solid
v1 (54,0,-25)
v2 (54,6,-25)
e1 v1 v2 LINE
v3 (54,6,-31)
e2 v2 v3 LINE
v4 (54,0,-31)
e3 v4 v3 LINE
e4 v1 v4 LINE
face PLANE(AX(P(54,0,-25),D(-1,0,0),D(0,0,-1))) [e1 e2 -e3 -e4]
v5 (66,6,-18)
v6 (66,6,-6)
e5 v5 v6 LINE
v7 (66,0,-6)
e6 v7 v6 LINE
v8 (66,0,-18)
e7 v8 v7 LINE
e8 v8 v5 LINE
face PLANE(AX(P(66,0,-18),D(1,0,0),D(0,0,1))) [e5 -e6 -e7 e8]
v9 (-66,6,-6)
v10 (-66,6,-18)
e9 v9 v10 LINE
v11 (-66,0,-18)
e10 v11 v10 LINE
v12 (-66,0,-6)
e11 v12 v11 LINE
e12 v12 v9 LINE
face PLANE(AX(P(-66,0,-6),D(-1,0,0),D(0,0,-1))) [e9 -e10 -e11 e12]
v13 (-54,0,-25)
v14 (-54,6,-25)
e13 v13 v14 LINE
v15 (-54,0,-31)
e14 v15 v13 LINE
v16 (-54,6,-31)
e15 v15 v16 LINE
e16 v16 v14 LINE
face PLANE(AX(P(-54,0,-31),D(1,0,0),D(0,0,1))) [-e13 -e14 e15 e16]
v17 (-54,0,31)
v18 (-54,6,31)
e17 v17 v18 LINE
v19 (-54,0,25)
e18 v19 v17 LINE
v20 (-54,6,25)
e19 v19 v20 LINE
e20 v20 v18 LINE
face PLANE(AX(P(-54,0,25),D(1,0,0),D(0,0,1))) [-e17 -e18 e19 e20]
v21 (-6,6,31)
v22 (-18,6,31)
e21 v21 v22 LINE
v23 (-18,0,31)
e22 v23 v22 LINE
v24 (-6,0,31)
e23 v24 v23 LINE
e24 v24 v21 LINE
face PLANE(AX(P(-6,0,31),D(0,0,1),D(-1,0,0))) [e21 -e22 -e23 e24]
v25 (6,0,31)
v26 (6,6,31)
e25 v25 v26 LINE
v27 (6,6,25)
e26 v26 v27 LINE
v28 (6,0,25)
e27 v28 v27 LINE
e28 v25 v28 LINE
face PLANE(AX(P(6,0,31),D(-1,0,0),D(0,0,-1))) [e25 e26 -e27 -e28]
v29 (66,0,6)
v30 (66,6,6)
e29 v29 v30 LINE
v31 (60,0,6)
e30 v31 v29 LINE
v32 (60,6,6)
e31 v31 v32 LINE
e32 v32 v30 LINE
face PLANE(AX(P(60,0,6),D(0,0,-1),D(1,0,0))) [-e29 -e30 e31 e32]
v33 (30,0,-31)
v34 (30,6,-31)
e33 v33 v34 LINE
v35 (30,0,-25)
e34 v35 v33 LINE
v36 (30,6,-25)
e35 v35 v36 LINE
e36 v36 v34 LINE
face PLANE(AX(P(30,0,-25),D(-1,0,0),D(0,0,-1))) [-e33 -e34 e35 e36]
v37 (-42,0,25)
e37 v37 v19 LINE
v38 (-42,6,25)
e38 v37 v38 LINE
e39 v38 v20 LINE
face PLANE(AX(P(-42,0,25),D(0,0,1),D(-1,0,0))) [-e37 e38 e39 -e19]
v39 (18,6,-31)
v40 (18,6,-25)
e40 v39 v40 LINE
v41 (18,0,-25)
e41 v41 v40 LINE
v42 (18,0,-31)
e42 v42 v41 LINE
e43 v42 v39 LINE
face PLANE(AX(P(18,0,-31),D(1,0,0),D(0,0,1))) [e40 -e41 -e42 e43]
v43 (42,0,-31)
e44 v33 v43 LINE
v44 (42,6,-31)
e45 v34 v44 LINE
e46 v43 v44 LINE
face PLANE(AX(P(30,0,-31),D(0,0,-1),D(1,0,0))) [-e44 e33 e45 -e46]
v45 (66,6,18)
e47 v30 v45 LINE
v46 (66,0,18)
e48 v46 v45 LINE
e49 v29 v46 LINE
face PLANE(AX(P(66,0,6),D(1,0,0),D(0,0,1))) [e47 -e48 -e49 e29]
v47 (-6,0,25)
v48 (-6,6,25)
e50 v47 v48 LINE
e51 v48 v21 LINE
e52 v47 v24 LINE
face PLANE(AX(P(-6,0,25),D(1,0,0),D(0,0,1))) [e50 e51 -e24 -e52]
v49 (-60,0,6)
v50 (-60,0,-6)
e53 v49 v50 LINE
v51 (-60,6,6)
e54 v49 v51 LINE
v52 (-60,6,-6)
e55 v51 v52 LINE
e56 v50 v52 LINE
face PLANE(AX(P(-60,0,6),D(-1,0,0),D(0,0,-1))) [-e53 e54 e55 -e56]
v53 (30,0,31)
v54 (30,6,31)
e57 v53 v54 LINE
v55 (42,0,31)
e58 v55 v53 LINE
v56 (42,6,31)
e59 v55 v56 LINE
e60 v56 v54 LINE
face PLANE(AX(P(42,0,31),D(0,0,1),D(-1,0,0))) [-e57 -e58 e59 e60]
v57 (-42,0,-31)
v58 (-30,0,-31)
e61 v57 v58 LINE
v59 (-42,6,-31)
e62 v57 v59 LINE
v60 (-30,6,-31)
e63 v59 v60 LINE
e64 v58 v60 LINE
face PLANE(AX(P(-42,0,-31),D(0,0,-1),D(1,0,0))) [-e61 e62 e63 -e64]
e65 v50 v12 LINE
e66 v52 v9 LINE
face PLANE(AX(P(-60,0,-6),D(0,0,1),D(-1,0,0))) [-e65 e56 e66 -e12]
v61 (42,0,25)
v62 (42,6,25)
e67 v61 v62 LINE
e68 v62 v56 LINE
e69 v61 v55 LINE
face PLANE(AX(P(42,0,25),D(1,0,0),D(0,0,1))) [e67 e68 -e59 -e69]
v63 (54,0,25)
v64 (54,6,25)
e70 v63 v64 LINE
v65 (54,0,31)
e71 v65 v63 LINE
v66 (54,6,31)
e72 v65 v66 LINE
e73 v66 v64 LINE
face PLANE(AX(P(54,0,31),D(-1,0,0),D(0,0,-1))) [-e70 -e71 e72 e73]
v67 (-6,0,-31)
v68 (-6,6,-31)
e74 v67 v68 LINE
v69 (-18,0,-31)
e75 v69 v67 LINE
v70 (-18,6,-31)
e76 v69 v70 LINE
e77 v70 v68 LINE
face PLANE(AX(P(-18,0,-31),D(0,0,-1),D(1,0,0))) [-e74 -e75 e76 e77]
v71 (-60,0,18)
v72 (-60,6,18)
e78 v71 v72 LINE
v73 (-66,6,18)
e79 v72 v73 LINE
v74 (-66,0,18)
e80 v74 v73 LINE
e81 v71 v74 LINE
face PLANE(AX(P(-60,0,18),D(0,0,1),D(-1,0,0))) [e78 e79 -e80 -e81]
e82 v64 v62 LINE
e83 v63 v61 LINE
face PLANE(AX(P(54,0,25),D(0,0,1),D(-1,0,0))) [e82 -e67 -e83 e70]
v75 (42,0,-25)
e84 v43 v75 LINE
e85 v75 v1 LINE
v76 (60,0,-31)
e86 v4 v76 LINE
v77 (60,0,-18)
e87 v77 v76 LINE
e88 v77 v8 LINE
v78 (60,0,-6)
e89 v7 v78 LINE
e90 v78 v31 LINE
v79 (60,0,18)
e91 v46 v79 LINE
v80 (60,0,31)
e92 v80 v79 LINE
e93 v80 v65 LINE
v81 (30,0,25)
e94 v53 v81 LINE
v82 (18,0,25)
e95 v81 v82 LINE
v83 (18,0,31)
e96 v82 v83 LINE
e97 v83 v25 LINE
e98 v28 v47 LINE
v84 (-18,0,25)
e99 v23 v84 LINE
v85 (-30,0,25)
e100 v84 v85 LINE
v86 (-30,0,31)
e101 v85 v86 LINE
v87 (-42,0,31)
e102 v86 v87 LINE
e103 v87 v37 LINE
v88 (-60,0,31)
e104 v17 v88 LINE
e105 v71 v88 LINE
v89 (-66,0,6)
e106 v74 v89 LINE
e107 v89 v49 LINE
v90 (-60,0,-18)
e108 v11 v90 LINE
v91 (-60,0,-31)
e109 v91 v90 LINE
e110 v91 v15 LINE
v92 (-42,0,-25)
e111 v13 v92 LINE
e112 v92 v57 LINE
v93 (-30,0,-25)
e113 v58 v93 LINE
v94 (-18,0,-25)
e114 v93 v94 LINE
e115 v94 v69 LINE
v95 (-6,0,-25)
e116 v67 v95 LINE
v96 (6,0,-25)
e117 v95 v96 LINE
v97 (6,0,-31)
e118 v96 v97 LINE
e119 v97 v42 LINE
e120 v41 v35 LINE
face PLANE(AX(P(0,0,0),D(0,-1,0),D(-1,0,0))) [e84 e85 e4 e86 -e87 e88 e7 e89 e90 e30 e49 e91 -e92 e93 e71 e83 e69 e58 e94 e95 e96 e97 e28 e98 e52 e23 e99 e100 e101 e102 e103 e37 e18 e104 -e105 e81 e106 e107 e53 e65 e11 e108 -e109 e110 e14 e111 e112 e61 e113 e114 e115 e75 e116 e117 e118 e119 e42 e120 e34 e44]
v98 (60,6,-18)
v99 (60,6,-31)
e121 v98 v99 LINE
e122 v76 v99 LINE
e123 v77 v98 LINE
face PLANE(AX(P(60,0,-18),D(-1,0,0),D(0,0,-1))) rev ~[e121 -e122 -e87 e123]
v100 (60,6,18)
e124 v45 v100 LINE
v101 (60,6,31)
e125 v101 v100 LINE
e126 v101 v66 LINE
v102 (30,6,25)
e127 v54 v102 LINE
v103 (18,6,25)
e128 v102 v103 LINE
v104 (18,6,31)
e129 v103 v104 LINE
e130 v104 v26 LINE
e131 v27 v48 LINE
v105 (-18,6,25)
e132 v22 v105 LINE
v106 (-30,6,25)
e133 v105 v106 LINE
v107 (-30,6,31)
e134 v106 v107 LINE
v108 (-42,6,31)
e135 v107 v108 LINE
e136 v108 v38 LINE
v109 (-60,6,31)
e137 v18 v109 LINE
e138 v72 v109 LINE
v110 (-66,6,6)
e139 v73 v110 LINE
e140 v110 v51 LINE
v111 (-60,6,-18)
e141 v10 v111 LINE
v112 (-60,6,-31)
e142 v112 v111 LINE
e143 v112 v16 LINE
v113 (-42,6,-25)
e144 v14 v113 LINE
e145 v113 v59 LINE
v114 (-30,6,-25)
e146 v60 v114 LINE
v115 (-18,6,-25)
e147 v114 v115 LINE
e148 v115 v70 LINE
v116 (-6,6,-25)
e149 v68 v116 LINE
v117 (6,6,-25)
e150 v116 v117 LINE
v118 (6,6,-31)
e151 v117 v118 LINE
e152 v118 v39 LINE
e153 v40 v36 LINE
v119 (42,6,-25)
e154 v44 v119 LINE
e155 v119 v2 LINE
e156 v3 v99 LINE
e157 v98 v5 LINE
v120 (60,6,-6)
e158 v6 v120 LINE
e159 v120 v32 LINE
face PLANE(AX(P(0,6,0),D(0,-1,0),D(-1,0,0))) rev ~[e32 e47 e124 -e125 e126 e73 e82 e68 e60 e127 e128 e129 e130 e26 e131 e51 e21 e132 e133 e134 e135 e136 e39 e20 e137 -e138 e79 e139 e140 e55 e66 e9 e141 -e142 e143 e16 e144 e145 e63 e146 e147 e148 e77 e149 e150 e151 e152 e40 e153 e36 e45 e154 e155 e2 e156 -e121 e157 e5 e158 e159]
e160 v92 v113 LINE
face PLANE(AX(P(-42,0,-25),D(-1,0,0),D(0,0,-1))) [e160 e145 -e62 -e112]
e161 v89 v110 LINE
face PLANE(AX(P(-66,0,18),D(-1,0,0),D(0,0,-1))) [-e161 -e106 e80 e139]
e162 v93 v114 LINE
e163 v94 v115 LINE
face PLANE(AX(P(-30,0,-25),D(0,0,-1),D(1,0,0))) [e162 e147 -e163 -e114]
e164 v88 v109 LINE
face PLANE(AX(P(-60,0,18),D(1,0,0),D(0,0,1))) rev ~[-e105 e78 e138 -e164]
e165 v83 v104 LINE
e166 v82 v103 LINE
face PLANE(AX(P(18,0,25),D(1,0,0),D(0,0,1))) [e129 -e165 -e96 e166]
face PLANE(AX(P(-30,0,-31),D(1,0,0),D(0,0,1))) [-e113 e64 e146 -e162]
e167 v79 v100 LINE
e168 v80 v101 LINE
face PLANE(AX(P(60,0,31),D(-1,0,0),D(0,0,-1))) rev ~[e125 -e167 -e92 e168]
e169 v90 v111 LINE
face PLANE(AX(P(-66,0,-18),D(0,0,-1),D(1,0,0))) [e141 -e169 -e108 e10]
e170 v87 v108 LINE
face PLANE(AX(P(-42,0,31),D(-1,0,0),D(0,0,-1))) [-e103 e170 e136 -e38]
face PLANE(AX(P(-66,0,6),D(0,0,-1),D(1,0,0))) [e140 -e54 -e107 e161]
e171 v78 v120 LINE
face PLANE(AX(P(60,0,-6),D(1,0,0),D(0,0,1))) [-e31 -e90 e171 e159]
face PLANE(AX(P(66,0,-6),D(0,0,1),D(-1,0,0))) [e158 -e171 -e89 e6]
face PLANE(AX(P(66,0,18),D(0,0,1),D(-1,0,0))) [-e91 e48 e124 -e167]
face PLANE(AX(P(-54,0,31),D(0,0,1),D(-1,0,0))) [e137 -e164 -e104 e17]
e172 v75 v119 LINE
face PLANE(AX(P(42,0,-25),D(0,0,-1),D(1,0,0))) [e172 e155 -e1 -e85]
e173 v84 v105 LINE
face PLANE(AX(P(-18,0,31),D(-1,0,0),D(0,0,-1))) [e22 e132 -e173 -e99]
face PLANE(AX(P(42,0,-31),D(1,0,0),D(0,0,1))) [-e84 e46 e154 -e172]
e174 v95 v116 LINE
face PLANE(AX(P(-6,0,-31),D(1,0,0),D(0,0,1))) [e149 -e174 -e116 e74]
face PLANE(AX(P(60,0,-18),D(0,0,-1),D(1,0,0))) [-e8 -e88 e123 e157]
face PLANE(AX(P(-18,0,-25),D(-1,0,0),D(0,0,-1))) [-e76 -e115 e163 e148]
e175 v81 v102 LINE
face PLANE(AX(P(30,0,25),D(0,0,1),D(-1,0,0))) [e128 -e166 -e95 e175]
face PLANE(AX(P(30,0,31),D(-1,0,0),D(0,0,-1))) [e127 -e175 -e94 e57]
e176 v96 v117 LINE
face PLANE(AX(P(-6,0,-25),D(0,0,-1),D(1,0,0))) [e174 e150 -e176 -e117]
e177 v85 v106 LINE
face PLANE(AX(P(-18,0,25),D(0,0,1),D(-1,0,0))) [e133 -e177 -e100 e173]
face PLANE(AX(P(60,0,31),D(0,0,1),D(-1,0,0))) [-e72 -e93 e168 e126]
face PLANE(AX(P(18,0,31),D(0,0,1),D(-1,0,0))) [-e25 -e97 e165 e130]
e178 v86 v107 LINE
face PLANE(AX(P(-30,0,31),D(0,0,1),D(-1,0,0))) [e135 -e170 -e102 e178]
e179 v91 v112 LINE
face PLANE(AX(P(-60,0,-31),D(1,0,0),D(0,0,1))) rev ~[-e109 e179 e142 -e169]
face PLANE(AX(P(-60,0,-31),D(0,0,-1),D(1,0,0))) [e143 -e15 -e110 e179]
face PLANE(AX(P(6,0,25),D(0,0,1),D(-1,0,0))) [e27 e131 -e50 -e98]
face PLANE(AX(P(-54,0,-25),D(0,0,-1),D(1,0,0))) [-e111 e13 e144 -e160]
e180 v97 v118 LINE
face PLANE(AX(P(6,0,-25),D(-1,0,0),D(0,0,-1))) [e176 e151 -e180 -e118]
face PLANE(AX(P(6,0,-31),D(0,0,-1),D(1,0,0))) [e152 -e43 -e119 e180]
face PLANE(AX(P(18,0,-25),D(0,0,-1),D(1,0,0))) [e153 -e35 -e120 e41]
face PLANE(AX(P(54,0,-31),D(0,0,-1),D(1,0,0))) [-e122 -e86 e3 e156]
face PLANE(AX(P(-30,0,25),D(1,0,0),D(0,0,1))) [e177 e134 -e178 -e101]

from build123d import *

# Parameters (mm, degrees)
BOSS_EXTRUDE1_DEPTH = 6


with BuildPart() as part:
    # Sketch1 → Boss-Extrude1 (new body)
    with BuildSketch(Plane(origin=(0, 0, 0), x_dir=(1, 0, 0), z_dir=(0, 1, 0))):
        Polygon((-60, -18), (-66, -18), (-66, -6), (-60, -6), (-60, 6), (-66, 6), (-66, 18), (-60, 18), (-60, 25), (-60, 31), (-54, 31), (-54, 25), (-42, 25), (-42, 31), (-30, 31), (-30, 25), (-18, 25), (-18, 31), (-6, 31), (-6, 25), (6, 25), (6, 31), (18, 31), (18, 25), (30, 25), (30, 31), (42, 31), (42, 25), (54, 25), (54, 31), (60, 31), (60, 25), (60, 18), (66, 18), (66, 6), (60, 6), (60, -6), (66, -6), (66, -18), (60, -18), (60, -25), (60, -31), (54, -31), (54, -25), (42, -25), (42, -31), (30, -31), (30, -25), (18, -25), (18, -31), (6, -31), (6, -25), (-6, -25), (-6, -31), (-18, -31), (-18, -25), (-30, -25), (-30, -31), (-42, -31), (-42, -25), (-54, -25), (-54, -31), (-60, -31), (-60, -25), align=None)
    extrude(amount=BOSS_EXTRUDE1_DEPTH)


solid = part.part
